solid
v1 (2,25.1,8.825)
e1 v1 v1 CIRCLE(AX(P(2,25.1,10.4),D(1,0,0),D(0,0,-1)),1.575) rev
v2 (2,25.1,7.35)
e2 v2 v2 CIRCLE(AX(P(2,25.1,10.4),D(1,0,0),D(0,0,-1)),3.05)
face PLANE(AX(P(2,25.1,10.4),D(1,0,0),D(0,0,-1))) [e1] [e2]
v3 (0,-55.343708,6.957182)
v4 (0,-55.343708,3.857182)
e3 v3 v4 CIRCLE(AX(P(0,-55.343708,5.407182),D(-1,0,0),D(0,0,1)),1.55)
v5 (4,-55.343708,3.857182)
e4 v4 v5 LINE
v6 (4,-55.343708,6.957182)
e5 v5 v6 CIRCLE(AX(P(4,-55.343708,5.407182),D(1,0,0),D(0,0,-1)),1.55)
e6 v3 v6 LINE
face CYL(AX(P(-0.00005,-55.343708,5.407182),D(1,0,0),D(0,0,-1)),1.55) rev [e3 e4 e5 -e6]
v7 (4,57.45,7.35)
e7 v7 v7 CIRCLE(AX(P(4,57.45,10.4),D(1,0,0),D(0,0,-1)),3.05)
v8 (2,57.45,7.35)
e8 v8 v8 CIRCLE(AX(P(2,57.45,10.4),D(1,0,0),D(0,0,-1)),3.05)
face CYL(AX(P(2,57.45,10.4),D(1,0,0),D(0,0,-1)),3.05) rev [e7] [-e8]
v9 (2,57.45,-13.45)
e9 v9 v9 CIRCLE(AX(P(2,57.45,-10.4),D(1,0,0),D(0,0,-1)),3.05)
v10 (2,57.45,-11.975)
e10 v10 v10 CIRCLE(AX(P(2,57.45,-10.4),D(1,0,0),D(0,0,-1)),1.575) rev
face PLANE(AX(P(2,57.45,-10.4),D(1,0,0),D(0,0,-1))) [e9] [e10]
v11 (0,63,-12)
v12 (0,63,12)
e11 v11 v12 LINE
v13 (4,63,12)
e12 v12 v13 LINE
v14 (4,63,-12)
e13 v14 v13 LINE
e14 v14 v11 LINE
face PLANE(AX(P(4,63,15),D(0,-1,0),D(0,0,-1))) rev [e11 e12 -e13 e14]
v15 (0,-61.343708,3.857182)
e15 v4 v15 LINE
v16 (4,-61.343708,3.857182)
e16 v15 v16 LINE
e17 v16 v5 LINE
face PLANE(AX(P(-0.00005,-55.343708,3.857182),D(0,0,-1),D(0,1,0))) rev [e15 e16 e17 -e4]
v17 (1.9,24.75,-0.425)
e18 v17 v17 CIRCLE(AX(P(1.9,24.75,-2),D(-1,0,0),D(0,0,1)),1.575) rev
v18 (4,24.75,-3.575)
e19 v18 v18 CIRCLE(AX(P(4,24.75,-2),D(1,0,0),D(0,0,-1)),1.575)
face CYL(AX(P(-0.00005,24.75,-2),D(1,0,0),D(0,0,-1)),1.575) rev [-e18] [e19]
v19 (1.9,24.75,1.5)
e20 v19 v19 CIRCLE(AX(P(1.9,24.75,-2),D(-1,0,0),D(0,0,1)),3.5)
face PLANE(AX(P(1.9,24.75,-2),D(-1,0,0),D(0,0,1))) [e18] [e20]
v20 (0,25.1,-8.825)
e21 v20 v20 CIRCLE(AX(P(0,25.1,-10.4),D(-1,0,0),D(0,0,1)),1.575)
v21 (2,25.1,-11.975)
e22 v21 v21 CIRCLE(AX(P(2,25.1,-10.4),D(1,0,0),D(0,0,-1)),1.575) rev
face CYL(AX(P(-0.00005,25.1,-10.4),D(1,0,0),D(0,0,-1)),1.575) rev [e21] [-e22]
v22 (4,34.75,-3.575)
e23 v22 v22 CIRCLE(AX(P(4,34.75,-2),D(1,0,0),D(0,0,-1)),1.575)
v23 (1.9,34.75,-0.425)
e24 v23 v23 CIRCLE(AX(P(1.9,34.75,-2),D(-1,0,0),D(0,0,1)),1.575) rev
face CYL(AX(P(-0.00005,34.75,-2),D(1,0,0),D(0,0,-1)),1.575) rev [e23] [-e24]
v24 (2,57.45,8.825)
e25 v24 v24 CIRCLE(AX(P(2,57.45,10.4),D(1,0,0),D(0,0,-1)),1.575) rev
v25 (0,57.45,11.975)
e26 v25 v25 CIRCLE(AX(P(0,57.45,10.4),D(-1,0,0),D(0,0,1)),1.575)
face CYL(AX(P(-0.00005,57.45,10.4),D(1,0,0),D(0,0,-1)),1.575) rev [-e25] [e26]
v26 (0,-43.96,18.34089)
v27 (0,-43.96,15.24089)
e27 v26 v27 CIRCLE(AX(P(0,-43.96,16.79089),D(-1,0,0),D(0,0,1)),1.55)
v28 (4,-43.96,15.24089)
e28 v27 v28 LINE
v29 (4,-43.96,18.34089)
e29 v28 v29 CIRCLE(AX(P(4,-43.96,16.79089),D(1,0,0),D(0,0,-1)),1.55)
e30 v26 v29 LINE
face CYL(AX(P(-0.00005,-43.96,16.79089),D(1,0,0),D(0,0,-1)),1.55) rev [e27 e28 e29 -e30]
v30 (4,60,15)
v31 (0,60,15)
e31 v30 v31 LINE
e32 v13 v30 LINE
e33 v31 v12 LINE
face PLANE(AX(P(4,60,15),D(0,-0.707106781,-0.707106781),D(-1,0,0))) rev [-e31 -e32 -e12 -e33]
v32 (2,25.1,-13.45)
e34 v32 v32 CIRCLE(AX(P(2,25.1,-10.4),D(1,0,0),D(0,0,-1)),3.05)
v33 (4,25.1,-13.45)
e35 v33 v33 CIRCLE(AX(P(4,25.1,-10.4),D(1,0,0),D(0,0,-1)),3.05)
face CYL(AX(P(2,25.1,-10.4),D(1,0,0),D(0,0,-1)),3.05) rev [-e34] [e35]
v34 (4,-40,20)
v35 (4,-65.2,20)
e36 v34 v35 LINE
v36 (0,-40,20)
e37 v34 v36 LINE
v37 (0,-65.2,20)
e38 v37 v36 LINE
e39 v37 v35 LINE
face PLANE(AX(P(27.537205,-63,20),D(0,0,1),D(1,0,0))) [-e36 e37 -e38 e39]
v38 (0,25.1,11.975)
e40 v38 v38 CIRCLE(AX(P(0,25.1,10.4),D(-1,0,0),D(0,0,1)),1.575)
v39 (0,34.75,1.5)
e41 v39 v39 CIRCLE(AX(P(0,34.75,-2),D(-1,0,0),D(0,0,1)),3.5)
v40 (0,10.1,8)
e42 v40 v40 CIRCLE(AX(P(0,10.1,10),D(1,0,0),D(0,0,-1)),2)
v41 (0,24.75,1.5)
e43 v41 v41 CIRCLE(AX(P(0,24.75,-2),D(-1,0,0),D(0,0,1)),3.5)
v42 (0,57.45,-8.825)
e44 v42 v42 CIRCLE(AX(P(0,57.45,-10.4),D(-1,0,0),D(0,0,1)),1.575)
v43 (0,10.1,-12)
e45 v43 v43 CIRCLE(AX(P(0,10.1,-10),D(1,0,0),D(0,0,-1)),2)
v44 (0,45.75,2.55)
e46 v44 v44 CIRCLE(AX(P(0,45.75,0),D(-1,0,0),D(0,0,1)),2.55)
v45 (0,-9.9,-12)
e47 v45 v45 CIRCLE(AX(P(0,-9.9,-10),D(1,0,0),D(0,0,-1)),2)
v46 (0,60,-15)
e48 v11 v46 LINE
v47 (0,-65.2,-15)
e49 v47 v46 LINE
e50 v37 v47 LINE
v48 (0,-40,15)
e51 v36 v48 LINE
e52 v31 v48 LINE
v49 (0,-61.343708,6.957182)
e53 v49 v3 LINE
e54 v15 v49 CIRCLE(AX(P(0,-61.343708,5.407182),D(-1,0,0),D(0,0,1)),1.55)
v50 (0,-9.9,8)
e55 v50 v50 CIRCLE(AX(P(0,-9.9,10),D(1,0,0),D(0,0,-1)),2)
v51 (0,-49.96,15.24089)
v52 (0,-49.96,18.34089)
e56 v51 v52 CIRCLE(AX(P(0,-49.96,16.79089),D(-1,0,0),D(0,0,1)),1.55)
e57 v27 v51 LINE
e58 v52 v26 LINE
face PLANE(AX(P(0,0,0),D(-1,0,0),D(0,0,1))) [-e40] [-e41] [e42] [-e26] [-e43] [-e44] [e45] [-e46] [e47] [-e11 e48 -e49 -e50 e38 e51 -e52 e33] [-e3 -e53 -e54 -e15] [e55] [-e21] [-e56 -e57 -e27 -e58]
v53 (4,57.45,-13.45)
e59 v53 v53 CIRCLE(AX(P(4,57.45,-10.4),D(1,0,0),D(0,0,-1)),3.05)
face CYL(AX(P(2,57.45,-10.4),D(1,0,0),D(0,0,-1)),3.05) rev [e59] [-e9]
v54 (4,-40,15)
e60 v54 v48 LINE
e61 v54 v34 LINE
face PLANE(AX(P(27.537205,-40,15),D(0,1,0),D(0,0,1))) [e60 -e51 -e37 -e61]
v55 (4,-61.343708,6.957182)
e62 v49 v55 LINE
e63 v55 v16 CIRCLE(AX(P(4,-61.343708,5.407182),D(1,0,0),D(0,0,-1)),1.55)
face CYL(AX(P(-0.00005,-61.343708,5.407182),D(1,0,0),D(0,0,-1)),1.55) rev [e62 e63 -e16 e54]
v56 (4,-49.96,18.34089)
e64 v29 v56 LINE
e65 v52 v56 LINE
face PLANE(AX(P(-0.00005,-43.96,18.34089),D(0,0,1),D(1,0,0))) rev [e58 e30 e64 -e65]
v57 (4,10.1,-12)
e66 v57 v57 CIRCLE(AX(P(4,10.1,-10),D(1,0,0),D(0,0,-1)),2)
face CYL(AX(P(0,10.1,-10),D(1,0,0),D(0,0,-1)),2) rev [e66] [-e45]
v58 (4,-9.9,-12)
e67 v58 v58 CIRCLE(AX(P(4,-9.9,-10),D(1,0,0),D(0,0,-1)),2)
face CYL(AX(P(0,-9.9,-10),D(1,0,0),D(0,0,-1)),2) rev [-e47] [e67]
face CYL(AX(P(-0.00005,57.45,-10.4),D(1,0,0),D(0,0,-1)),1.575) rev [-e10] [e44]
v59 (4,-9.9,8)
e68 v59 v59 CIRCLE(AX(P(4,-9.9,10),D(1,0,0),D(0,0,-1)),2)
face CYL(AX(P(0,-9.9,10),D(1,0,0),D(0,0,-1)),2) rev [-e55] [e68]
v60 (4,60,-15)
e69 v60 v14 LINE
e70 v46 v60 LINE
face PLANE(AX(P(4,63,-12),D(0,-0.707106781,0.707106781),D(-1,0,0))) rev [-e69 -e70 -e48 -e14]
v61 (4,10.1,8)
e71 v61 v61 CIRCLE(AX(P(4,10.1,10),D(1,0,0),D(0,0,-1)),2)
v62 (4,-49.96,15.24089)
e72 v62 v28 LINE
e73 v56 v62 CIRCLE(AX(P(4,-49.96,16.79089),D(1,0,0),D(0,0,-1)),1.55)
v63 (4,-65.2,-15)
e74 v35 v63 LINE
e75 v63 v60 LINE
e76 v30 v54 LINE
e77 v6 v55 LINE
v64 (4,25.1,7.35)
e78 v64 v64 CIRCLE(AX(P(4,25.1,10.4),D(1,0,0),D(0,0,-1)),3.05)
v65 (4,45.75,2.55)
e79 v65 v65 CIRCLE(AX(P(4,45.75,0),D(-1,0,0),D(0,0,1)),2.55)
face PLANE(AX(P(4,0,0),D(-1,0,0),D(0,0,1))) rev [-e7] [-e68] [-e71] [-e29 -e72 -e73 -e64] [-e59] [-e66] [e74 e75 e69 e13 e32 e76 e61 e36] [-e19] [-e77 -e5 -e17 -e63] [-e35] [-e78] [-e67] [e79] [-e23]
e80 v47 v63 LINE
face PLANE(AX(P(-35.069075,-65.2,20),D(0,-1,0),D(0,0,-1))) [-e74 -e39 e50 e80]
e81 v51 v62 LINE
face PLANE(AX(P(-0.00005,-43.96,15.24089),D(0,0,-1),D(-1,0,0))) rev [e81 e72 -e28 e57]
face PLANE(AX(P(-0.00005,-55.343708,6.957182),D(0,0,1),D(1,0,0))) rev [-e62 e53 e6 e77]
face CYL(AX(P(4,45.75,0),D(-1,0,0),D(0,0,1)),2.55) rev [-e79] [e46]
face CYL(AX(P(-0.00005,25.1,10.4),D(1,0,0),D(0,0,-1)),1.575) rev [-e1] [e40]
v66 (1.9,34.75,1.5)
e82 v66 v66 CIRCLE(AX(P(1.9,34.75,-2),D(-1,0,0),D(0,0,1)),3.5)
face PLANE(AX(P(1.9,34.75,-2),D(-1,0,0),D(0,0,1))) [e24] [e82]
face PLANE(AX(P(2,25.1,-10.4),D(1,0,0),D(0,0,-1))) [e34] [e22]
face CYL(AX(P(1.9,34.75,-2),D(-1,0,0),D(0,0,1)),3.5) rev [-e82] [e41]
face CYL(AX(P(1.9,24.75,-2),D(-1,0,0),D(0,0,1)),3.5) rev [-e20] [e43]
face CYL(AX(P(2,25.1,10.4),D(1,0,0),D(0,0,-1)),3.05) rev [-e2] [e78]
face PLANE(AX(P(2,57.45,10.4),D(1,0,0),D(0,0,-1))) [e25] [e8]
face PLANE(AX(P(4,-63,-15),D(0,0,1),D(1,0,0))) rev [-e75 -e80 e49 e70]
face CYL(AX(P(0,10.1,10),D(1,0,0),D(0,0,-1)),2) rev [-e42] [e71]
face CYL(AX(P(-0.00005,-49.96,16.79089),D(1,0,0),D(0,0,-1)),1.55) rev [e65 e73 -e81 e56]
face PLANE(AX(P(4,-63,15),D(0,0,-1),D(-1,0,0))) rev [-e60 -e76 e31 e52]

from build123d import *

# Parameters (mm, degrees)
CROQUIS1_W              = 30
CROQUIS1_H              = 126
SALIENTE_EXTRUIR1_DEPTH = 4
CROQUIS3_R              = 2
CORTAR_EXTRUIR2_DEPTH   = 5
CROQUIS8_R              = 2.55
CORTAR_EXTRUIR3_DEPTH   = 5
CROQUIS21_W             = 5
CROQUIS21_H             = 23
SALIENTE_EXTRUIR2_DEPTH = 4
CORTAR_EXTRUIR16_DEPTH  = 5
CROQUIS11_R             = 1.575
CORTAR_EXTRUIR8_DEPTH   = 5
CROQUIS15_R             = 1.575
CORTAR_EXTRUIR11_DEPTH  = 5
CHAFL_N2_SIZE           = 3
CROQUIS19_R             = 3.5
CORTAR_EXTRUIR13_DEPTH  = 1.9
CROQUIS20_R             = 3.05
CORTAR_EXTRUIR14_DEPTH  = 2
CROQUIS24_W             = 35
CROQUIS24_H             = 2.2
SALIENTE_EXTRUIR3_DEPTH = 4


with BuildPart() as part:
    # Croquis1 → Saliente-Extruir1 (new body)
    with BuildSketch(Plane(origin=(0, 0, 0), x_dir=(0, 0, -1), z_dir=(1, 0, 0))):
        Rectangle(CROQUIS1_W, CROQUIS1_H)
    extrude(amount=SALIENTE_EXTRUIR1_DEPTH)

    # Croquis3 → Cortar-Extruir2 (cut, through all)
    with BuildSketch(Plane(origin=(4, 0, 0), x_dir=(0, 0, -1), z_dir=(1, 0, 0))):
        with Locations((-10, 10.1)):
            Circle(CROQUIS3_R)
        with Locations((10, 10.1)):
            Circle(CROQUIS3_R)
        with Locations((-10, -9.9)):
            Circle(CROQUIS3_R)
        with Locations((10, -9.9)):
            Circle(CROQUIS3_R)
    extrude(amount=-CORTAR_EXTRUIR2_DEPTH, mode=Mode.SUBTRACT)

    # Croquis8 → Cortar-Extruir3 (cut, through all)
    with BuildSketch(Plane.ZY):
        with Locations((0, 45.75)):
            Circle(CROQUIS8_R)
    extrude(amount=-CORTAR_EXTRUIR3_DEPTH, mode=Mode.SUBTRACT)

    # Croquis21 → Saliente-Extruir2 (add)
    with BuildSketch(Plane.ZY):
        with Locations((17.5, -51.5)):
            Rectangle(CROQUIS21_W, CROQUIS21_H)
    extrude(amount=-SALIENTE_EXTRUIR2_DEPTH)

    # Croquis23 → Cortar-Extruir16 (cut, through all)
    with BuildSketch(Plane(origin=(4, 0, 0), x_dir=(0, 0, -1), z_dir=(1, 0, 0))):
        with BuildLine():
            Line((-15.240890395, -43.96), (-15.240890395, -49.96))
            ThreePointArc((-15.240890395, -49.96), (-16.790890395, -51.51), (-18.340890395, -49.96))
            Line((-18.340890395, -49.96), (-18.340890395, -43.96))
            ThreePointArc((-18.340890395, -43.96), (-16.790890395, -42.41), (-15.240890395, -43.96))
        make_face()
        with BuildLine():
            Line((-3.857181896, -55.343708499), (-3.857181896, -61.343708499))
            ThreePointArc((-3.857181896, -61.343708499), (-5.407181896, -62.893708499), (-6.957181896, -61.343708499))
            Line((-6.957181896, -61.343708499), (-6.957181896, -55.343708499))
            ThreePointArc((-6.957181896, -55.343708499), (-5.407181896, -53.793708499), (-3.857181896, -55.343708499))
        make_face()
    extrude(amount=-CORTAR_EXTRUIR16_DEPTH, mode=Mode.SUBTRACT)

    # Croquis11 → Cortar-Extruir8 (cut, through all)
    with BuildSketch(Plane(origin=(4, 0, 0), x_dir=(0, 0, -1), z_dir=(1, 0, 0))):
        with Locations((2, 34.75)):
            Circle(CROQUIS11_R)
        with Locations((2, 24.75)):
            Circle(CROQUIS11_R)
    extrude(amount=-CORTAR_EXTRUIR8_DEPTH, mode=Mode.SUBTRACT)

    # Croquis15 → Cortar-Extruir11 (cut, through all)
    with BuildSketch(Plane(origin=(4, 0, 0), x_dir=(0, 0, -1), z_dir=(1, 0, 0))):
        with Locations((-10.4, 57.45)):
            Circle(CROQUIS15_R)
        with Locations((10.4, 57.45)):
            Circle(CROQUIS15_R)
        with Locations((-10.4, 25.1)):
            Circle(CROQUIS15_R)
        with Locations((10.4, 25.1)):
            Circle(CROQUIS15_R)
    extrude(amount=-CORTAR_EXTRUIR11_DEPTH, mode=Mode.SUBTRACT)

    # Chaflán2
    chafl_n2_edges = [part.edges().sort_by_distance(p)[0] for p in [
        (2, 63, -15),
        (2, 63, 15),
    ]]
    chamfer(chafl_n2_edges, length=CHAFL_N2_SIZE)

    # Croquis19 → Cortar-Extruir13 (cut)
    with BuildSketch(Plane.ZY):
        with Locations((-2, 24.75)):
            Circle(CROQUIS19_R)
        with Locations((-2, 34.75)):
            Circle(CROQUIS19_R)
    extrude(amount=-CORTAR_EXTRUIR13_DEPTH, mode=Mode.SUBTRACT)

    # Croquis20 → Cortar-Extruir14 (cut)
    with BuildSketch(Plane(origin=(4, 0, 0), x_dir=(0, 0, -1), z_dir=(1, 0, 0))):
        with Locations((-10.4, 57.45)):
            Circle(CROQUIS20_R)
        with Locations((10.4, 57.45)):
            Circle(CROQUIS20_R)
        with Locations((10.4, 25.1)):
            Circle(CROQUIS20_R)
        with Locations((-10.4, 25.1)):
            Circle(CROQUIS20_R)
    extrude(amount=-CORTAR_EXTRUIR14_DEPTH, mode=Mode.SUBTRACT)

    # Croquis24 → Saliente-Extruir3 (add)
    with BuildSketch(Plane(origin=(4, 0, 0), x_dir=(0, 0, -1), z_dir=(1, 0, 0))):
        with Locations((-2.5, -64.1)):
            Rectangle(CROQUIS24_W, CROQUIS24_H)
    extrude(amount=-SALIENTE_EXTRUIR3_DEPTH)


solid = part.part
